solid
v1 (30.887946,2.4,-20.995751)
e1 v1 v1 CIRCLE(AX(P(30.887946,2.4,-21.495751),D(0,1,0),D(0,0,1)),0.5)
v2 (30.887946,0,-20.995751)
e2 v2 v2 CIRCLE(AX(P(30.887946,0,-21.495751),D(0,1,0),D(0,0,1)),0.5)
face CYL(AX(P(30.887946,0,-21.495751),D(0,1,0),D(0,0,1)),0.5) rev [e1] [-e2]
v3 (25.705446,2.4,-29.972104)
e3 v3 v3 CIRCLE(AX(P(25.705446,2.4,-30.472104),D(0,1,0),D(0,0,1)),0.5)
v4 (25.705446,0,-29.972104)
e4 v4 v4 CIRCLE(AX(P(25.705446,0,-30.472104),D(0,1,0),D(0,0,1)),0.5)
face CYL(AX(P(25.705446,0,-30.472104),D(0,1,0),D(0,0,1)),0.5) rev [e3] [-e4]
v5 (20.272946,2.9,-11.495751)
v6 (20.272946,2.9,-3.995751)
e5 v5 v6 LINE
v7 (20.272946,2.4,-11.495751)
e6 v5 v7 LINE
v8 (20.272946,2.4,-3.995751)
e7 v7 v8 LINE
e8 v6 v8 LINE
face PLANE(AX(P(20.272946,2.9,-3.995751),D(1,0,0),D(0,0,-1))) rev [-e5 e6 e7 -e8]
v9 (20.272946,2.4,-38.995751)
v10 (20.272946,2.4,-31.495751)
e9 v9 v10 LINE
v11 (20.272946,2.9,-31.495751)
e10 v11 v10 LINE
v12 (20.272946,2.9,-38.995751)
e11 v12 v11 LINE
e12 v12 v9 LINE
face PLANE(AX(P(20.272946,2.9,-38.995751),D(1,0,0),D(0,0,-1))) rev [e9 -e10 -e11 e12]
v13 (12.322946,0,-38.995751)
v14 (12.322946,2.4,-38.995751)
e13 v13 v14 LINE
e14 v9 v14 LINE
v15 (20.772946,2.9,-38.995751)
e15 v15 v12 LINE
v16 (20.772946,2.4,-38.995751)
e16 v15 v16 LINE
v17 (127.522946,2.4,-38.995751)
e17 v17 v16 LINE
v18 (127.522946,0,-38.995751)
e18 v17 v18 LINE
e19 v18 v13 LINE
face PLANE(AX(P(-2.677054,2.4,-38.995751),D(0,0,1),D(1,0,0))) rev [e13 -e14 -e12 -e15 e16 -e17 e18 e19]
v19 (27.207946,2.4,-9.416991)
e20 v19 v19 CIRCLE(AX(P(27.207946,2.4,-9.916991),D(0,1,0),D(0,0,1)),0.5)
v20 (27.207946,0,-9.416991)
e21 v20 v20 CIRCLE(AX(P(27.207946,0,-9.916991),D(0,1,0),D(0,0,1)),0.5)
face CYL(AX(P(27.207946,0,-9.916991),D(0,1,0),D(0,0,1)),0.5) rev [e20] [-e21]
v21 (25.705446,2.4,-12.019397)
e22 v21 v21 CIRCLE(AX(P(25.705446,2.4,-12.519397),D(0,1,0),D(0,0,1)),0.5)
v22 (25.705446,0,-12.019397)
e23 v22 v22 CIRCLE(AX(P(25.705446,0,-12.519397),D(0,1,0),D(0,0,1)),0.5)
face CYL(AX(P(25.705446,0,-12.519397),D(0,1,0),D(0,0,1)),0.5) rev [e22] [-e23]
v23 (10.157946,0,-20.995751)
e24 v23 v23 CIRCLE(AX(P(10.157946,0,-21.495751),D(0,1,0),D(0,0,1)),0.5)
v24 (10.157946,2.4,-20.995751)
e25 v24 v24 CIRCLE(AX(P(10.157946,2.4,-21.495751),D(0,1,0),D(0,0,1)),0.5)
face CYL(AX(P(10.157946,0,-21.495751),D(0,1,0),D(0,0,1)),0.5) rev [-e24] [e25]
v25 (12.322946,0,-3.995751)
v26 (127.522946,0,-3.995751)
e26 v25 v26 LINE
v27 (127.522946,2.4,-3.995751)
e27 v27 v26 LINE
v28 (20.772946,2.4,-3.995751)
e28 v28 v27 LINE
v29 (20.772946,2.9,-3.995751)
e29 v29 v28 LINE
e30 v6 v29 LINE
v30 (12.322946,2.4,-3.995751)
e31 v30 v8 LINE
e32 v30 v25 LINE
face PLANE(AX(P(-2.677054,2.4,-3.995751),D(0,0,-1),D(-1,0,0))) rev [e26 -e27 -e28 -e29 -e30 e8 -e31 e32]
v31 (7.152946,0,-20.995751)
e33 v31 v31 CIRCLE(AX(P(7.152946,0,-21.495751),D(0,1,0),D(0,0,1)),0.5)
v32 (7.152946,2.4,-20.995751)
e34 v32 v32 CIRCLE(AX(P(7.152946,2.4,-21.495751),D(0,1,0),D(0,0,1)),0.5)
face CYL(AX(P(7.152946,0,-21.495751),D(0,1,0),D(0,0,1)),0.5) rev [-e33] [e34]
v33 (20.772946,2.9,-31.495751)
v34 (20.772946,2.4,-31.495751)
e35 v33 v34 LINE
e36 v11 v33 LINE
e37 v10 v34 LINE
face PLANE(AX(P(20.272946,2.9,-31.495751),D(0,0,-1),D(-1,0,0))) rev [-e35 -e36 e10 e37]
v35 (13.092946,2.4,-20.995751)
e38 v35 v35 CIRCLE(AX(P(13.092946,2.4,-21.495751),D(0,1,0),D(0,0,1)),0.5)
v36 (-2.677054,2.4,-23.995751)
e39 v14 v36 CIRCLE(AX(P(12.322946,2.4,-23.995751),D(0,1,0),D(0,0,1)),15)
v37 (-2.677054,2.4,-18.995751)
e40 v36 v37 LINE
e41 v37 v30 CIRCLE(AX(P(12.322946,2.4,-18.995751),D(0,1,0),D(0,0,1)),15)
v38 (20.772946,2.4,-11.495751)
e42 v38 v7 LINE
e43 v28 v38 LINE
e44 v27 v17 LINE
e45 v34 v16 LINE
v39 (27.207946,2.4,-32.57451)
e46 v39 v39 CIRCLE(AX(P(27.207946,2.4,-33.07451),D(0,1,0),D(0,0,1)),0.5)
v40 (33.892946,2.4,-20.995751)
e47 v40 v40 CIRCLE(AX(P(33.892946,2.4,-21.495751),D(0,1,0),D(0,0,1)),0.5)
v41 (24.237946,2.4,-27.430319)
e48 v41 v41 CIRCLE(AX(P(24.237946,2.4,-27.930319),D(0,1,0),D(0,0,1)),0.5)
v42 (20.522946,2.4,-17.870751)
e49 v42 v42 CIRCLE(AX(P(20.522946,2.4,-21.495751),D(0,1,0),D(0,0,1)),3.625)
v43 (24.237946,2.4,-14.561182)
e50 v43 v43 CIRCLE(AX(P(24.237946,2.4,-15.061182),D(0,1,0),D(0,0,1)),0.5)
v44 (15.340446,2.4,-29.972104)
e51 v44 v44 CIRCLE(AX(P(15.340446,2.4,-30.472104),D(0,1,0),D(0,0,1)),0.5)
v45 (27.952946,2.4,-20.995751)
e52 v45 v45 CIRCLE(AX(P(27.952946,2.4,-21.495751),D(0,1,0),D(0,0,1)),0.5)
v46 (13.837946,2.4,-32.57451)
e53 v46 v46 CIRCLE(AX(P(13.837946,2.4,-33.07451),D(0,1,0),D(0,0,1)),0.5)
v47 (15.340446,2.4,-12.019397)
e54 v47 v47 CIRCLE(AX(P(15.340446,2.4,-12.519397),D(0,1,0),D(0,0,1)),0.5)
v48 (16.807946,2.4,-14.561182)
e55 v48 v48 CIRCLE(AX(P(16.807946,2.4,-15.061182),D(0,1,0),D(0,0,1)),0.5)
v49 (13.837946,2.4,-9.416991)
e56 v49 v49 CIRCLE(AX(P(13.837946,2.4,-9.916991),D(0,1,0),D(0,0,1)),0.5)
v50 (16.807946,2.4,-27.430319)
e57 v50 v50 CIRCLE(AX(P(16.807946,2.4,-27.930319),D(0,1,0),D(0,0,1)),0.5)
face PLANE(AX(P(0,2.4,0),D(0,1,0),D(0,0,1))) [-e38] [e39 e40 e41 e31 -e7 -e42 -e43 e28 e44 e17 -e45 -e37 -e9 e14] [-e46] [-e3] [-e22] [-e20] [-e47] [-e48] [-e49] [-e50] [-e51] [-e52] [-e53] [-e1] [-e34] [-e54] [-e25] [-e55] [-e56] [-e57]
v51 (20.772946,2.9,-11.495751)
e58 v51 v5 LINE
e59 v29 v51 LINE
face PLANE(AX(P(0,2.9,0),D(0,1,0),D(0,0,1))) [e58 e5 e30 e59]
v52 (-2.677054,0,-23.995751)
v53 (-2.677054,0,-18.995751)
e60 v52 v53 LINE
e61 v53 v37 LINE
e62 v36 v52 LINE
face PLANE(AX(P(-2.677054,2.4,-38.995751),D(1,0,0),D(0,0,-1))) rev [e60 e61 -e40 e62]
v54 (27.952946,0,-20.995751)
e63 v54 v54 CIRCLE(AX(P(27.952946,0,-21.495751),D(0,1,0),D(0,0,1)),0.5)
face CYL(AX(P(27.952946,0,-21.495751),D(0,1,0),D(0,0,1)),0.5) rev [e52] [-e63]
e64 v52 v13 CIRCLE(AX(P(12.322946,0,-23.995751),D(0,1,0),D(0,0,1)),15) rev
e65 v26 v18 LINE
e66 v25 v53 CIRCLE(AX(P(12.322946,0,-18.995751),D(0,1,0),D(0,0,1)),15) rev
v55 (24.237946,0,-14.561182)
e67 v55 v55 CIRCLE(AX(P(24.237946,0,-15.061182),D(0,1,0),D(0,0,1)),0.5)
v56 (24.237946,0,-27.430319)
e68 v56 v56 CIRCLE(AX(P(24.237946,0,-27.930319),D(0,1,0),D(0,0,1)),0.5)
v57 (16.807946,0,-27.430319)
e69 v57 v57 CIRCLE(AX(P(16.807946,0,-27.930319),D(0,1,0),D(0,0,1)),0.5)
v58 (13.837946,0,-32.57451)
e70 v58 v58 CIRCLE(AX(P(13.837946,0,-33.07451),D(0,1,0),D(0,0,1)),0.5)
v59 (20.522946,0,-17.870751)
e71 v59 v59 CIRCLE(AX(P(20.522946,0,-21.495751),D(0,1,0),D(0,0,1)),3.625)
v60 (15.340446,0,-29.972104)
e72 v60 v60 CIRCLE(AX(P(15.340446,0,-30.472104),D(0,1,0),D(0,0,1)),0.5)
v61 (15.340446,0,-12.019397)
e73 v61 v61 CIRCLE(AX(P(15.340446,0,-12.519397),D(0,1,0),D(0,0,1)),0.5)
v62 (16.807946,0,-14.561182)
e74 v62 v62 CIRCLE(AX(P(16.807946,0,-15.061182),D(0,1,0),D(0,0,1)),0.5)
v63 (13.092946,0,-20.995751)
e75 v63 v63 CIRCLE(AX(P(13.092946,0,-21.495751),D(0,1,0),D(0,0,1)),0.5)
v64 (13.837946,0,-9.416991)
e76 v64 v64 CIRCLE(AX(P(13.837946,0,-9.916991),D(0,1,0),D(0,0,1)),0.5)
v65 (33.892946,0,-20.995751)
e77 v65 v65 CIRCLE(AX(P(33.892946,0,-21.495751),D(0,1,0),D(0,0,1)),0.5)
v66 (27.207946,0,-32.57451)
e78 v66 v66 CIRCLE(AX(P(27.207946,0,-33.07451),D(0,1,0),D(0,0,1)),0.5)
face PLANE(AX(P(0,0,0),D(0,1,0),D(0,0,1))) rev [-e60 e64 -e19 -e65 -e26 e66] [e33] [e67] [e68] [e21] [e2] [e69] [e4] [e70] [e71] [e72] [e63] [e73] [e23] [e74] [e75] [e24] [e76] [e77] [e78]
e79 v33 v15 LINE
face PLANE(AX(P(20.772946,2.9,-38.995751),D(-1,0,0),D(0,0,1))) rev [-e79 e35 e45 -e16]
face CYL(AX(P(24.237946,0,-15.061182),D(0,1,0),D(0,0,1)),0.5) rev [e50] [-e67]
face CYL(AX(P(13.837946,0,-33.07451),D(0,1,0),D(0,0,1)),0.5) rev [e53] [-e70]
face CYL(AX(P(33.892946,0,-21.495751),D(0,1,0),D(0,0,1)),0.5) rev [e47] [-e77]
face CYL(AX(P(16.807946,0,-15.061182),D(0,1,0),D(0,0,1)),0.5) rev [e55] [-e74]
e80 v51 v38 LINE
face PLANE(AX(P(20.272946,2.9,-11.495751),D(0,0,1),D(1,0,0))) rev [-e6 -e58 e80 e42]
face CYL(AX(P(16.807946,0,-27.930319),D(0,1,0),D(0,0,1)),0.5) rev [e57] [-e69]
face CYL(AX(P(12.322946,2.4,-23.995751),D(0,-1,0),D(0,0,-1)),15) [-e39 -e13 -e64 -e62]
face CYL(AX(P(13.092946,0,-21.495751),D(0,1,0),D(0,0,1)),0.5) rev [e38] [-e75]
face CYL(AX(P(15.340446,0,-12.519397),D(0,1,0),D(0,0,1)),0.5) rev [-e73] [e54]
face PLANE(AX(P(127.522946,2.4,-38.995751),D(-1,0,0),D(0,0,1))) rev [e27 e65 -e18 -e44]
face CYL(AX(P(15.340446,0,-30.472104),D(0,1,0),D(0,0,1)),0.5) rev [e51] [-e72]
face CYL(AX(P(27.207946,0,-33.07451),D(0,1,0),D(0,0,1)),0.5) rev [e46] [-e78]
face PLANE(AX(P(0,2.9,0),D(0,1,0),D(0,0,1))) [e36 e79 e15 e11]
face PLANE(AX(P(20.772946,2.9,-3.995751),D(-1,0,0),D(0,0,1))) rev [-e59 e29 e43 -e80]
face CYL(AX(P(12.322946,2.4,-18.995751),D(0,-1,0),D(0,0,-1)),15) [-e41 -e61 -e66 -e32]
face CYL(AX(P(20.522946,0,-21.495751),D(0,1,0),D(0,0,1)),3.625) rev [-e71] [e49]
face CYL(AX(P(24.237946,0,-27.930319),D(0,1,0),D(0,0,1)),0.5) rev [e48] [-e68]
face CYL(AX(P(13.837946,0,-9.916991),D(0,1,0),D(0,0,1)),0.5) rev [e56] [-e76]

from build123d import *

# Parameters (mm, degrees)
SKETCH1_W           = 130.2
SKETCH1_H           = 35
BOSS_EXTRUDE1_DEPTH = 2.4
SKETCH2_R           = 0.5
SKETCH2_R_2         = 3.625
CUT_EXTRUDE1_DEPTH  = 2.4
SKETCH6_W           = 0.5
SKETCH6_H           = 7.5
BOSS_EXTRUDE3_DEPTH = 0.5
FILLET3_R           = 15


with BuildPart() as part:
    # Sketch1 → Boss-Extrude1 (new body)
    with BuildSketch(Plane(origin=(0, 0, 0), x_dir=(1, 0, 0), z_dir=(0, 1, 0))):
        with Locations((62.422946176, 21.495750708)):
            Rectangle(SKETCH1_W, SKETCH1_H)
    extrude(amount=BOSS_EXTRUDE1_DEPTH)

    # Sketch2 → Cut-Extrude1 (cut)
    with BuildSketch(Plane(origin=(0, 2.4, 0), x_dir=(1, 0, 0), z_dir=(0, 1, 0))):
        with Locations(Location((16.807946176, 27.930319458, 0), (0, 0, 270))):
            Circle(SKETCH2_R)
        with Locations(Location((15.340446176, 30.472104018, 0), (0, 0, 270))):
            Circle(SKETCH2_R)
        with Locations(Location((13.837946176, 33.074510357, 0), (0, 0, 270))):
            Circle(SKETCH2_R)
        with Locations(Location((24.237946176, 27.930319458, 0), (0, 0, 270))):
            Circle(SKETCH2_R)
        with Locations(Location((20.522946176, 21.495750708, 0), (0, 0, 270))):
            Circle(SKETCH2_R_2)
        with Locations(Location((13.092946176, 21.495750708, 0), (0, 0, 270))):
            Circle(SKETCH2_R)
        with Locations(Location((10.157946176, 21.495750708, 0), (0, 0, 270))):
            Circle(SKETCH2_R)
        with Locations(Location((7.152946176, 21.495750708, 0), (0, 0, 270))):
            Circle(SKETCH2_R)
        with Locations(Location((25.705446176, 30.472104018, 0), (0, 0, 270))):
            Circle(SKETCH2_R)
        with Locations(Location((27.207946176, 33.074510357, 0), (0, 0, 270))):
            Circle(SKETCH2_R)
        with Locations(Location((27.952946176, 21.495750708, 0), (0, 0, 270))):
            Circle(SKETCH2_R)
        with Locations(Location((30.887946176, 21.495750708, 0), (0, 0, 270))):
            Circle(SKETCH2_R)
        with Locations(Location((33.892946176, 21.495750708, 0), (0, 0, 270))):
            Circle(SKETCH2_R)
        with Locations(Location((24.237946176, 15.061181958, 0), (0, 0, 270))):
            Circle(SKETCH2_R)
        with Locations(Location((25.705446176, 12.519397398, 0), (0, 0, 270))):
            Circle(SKETCH2_R)
        with Locations(Location((27.207946176, 9.91699106, 0), (0, 0, 270))):
            Circle(SKETCH2_R)
        with Locations(Location((16.807946176, 15.061181958, 0), (0, 0, 270))):
            Circle(SKETCH2_R)
        with Locations(Location((15.340446176, 12.519397398, 0), (0, 0, 270))):
            Circle(SKETCH2_R)
        with Locations(Location((13.837946176, 9.91699106, 0), (0, 0, 270))):
            Circle(SKETCH2_R)
    extrude(amount=-CUT_EXTRUDE1_DEPTH, mode=Mode.SUBTRACT)

    # Sketch6 → Boss-Extrude3 (add)
    with BuildSketch(Plane(origin=(0, 2.4, 0), x_dir=(1, 0, 0), z_dir=(0, 1, 0))):
        with Locations((20.522946176, 7.745750708)):
            Rectangle(SKETCH6_W, SKETCH6_H)
        with Locations((20.522946176, 35.245750708)):
            Rectangle(SKETCH6_W, SKETCH6_H)
    extrude(amount=BOSS_EXTRUDE3_DEPTH)

    # Fillet3
    fillet3_edges = [part.edges().sort_by_distance(p)[0] for p in [
        (-2.677053824, 1.2, -38.995750708),
        (-2.677053824, 1.2, -3.995750708),
    ]]
    fillet(fillet3_edges, radius=FILLET3_R)


solid = part.part
